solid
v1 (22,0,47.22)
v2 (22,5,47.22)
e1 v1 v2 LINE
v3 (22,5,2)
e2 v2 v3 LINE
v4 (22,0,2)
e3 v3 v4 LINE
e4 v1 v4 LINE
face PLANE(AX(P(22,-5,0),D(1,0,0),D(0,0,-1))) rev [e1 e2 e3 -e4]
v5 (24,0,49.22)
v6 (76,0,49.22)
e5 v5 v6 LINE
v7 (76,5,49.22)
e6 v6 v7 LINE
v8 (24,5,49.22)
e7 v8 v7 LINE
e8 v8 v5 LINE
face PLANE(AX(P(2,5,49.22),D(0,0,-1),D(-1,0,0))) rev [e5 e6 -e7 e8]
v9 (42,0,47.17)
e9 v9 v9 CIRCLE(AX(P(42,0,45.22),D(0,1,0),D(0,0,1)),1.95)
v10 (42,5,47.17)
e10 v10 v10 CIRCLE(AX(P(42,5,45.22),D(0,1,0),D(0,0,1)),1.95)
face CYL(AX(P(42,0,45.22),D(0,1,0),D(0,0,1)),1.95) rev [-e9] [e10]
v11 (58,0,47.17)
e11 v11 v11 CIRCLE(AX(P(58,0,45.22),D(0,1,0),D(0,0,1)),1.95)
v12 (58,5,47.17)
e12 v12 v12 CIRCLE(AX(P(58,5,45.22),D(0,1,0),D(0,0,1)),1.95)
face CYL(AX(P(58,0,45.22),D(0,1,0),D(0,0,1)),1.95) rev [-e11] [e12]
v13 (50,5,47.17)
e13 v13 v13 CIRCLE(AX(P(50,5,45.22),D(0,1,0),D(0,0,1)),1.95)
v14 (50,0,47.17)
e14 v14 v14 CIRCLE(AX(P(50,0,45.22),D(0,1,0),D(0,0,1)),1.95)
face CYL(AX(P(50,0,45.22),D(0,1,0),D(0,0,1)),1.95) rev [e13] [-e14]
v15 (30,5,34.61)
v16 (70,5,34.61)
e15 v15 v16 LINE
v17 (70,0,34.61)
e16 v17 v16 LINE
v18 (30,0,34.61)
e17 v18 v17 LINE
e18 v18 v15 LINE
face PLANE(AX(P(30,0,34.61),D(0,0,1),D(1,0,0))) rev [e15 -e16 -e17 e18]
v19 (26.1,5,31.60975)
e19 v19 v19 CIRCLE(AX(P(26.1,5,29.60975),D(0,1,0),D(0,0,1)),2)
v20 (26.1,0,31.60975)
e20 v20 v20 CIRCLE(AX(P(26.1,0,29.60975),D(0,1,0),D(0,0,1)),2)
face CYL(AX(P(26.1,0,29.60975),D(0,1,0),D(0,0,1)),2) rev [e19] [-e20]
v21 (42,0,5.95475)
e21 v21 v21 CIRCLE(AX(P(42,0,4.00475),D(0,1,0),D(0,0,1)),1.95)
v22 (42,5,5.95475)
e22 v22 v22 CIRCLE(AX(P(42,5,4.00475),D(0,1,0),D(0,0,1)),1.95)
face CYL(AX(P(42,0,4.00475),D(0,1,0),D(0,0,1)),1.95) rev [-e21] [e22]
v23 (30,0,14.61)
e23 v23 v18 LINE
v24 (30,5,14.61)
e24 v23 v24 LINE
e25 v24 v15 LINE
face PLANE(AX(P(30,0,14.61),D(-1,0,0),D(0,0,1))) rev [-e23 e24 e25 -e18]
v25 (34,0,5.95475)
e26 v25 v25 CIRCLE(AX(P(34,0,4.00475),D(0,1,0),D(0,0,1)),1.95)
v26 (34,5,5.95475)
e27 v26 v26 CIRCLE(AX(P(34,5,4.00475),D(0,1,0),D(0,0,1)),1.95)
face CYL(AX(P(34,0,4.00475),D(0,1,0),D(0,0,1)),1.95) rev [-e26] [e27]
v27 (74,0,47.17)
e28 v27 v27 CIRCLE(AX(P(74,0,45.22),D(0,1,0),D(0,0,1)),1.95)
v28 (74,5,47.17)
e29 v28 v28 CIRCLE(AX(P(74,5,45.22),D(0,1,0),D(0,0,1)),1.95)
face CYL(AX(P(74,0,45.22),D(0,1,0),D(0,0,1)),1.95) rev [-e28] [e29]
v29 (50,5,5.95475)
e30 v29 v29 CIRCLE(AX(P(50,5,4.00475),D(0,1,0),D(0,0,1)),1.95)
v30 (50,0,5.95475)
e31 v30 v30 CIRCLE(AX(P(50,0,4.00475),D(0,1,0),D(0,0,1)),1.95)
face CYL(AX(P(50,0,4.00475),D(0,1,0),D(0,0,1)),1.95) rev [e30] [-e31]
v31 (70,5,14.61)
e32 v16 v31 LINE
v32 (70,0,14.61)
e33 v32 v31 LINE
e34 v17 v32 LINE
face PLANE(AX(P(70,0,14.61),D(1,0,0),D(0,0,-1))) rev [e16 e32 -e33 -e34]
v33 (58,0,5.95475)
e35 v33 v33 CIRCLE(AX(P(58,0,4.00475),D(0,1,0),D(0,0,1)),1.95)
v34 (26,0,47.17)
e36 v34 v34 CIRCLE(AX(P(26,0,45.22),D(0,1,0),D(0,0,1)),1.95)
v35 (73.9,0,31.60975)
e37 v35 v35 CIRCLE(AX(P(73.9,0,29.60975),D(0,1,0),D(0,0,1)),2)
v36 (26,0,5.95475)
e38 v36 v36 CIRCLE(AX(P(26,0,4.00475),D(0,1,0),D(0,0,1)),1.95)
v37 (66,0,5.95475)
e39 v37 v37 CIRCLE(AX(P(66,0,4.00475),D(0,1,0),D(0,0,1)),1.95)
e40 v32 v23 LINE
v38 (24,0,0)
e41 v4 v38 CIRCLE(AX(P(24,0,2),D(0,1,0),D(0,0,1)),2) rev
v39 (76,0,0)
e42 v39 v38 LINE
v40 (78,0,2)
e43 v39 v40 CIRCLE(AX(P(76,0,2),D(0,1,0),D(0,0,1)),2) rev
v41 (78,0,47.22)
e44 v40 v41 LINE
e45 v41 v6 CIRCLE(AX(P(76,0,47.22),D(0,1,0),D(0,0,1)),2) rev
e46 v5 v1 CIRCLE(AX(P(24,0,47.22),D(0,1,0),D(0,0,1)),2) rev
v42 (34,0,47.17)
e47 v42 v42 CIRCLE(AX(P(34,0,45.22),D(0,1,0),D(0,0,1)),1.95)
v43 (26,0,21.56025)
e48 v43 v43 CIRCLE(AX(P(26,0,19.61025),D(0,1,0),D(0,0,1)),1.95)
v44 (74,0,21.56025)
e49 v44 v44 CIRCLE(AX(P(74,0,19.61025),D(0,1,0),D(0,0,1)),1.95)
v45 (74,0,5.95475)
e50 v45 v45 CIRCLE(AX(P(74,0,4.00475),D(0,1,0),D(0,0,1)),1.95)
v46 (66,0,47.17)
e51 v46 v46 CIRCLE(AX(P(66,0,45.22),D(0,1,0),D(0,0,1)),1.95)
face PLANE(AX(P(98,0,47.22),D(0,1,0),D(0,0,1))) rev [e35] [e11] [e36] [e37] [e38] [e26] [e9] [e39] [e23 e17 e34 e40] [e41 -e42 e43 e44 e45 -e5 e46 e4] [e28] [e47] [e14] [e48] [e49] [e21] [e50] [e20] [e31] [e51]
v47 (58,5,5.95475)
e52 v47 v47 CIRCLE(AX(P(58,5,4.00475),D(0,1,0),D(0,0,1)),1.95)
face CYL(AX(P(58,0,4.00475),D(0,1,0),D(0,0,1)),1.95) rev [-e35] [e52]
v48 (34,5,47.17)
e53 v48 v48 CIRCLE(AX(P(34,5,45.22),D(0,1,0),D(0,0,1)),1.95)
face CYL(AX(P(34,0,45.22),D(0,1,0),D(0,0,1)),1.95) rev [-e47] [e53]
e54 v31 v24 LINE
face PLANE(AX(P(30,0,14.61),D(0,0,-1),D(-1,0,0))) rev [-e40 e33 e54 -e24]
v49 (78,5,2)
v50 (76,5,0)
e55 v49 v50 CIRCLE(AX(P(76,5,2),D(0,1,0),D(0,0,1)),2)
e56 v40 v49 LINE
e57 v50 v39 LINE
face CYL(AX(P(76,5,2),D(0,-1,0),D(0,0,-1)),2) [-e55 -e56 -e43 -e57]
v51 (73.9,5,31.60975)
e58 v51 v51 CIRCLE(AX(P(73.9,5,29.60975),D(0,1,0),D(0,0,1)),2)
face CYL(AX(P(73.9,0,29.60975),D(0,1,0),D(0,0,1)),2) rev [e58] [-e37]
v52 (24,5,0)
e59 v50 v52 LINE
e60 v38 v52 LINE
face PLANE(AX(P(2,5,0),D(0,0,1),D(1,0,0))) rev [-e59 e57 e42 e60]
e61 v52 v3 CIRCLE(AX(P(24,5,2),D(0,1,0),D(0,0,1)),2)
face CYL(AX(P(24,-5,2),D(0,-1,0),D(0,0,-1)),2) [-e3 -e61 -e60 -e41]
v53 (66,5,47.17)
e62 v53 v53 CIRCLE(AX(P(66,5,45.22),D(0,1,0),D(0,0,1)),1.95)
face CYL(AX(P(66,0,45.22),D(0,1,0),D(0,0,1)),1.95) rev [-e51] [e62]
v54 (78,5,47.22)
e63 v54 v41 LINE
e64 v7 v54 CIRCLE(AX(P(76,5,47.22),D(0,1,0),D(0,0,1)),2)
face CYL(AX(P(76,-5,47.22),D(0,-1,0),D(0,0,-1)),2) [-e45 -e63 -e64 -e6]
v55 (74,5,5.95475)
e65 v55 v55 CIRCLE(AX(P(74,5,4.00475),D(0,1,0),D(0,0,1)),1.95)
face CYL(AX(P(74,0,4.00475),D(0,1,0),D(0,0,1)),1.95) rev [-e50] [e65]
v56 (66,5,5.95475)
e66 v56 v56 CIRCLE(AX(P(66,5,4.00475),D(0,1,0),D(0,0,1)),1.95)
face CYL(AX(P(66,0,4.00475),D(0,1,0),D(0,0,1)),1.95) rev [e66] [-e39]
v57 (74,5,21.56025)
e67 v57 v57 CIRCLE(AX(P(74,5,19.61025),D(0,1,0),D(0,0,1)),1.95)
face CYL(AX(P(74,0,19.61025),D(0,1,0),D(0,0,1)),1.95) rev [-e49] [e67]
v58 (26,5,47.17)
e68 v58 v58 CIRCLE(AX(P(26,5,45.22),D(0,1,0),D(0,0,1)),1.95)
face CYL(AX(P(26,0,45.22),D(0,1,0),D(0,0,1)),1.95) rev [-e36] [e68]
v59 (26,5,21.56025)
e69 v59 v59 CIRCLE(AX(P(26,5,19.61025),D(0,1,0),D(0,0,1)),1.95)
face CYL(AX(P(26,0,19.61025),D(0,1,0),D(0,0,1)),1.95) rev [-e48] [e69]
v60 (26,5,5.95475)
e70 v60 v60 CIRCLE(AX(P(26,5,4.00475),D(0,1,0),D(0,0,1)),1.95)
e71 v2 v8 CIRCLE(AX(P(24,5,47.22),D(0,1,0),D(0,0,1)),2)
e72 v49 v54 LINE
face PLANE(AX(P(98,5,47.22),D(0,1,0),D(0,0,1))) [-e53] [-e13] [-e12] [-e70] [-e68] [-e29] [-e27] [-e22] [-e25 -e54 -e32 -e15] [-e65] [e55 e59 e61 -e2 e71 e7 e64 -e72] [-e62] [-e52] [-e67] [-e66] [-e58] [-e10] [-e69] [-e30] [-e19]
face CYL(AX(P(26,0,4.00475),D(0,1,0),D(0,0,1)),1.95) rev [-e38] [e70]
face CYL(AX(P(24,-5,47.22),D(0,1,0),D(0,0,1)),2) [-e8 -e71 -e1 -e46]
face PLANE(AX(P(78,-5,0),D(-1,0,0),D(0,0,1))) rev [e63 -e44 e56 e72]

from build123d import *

# Parameters (mm, degrees)
BOSS_EXTRUDE1_DEPTH = 5
SKETCH2_R           = 1.95
SKETCH2_W           = 40
SKETCH2_H           = 20
CUT_EXTRUDE1_DEPTH  = 6
SKETCH4_W           = 22
SKETCH4_H           = 49.22
CUT_EXTRUDE2_DEPTH  = 10
FILLET1_R           = 2
FILLET2_R           = 2
FILLET3_R           = 2
FILLET4_R           = 2
SKETCH5_R           = 1.95
SKETCH5_R_2         = 2
CUT_EXTRUDE3_DEPTH  = 6


with BuildPart() as part:
    # Sketch1 → Boss-Extrude1 (new body)
    with BuildSketch(Plane(origin=(0, 0, 0), x_dir=(1, 0, 0), z_dir=(0, 1, 0))):
        with BuildLine():
            Line((2, 0), (98, 0))
            ThreePointArc((98, 0), (99.414213562, -0.585786438), (100, -2))
            Line((100, -2), (100, -47.22))
            ThreePointArc((100, -47.22), (99.414213562, -48.634213562), (98, -49.22))
            Line((98, -49.22), (2, -49.22))
            ThreePointArc((2, -49.22), (0.585786438, -48.634213562), (0, -47.22))
            Line((0, -47.22), (0, -2))
            ThreePointArc((0, -2), (0.585786438, -0.585786438), (2, 0))
        make_face()
    extrude(amount=BOSS_EXTRUDE1_DEPTH)

    # Sketch2 → Cut-Extrude1 (cut, through all)
    with BuildSketch(Plane(origin=(0, 5, 0), x_dir=(1, 0, 0), z_dir=(0, 1, 0))):
        with Locations((90, -4.00475022)):
            Circle(SKETCH2_R)
        with Locations((82, -4.00475022)):
            Circle(SKETCH2_R)
        with Locations((18, -4.00475022)):
            Circle(SKETCH2_R)
        with Locations((26, -4.00475022)):
            Circle(SKETCH2_R)
        with Locations((34, -4.00475022)):
            Circle(SKETCH2_R)
        with Locations((42, -4.00475022)):
            Circle(SKETCH2_R)
        with Locations((50, -4.00475022)):
            Circle(SKETCH2_R)
        with Locations((58, -4.00475022)):
            Circle(SKETCH2_R)
        with Locations((66, -4.00475022)):
            Circle(SKETCH2_R)
        with Locations((74, -4.00475022)):
            Circle(SKETCH2_R)
        with Locations((90, -45.22)):
            Circle(SKETCH2_R)
        with Locations((82, -45.22)):
            Circle(SKETCH2_R)
        with Locations((18, -45.22)):
            Circle(SKETCH2_R)
        with Locations((26, -45.22)):
            Circle(SKETCH2_R)
        with Locations((34, -45.22)):
            Circle(SKETCH2_R)
        with Locations((42, -45.22)):
            Circle(SKETCH2_R)
        with Locations((50, -45.22)):
            Circle(SKETCH2_R)
        with Locations((58, -45.22)):
            Circle(SKETCH2_R)
        with Locations((66, -45.22)):
            Circle(SKETCH2_R)
        with Locations((74, -45.22)):
            Circle(SKETCH2_R)
        with Locations((50, -24.61)):
            Rectangle(SKETCH2_W, SKETCH2_H)
    extrude(amount=-CUT_EXTRUDE1_DEPTH, mode=Mode.SUBTRACT)

    # Sketch4 → Cut-Extrude2 (cut)
    with BuildSketch(Plane(origin=(0, 5, 0), x_dir=(1, 0, 0), z_dir=(0, 1, 0))):
        with Locations((89, -24.61)):
            Rectangle(SKETCH4_W, SKETCH4_H)
        with Locations((11, -24.61)):
            Rectangle(SKETCH4_W, SKETCH4_H)
    extrude(amount=-CUT_EXTRUDE2_DEPTH, mode=Mode.SUBTRACT)

    # Fillet1
    fillet1_edges = [part.edges().sort_by_distance(p)[0] for p in [
        (22, 2.5, 0),
    ]]
    fillet(fillet1_edges, radius=FILLET1_R)

    # Fillet2
    fillet2_edges = [part.edges().sort_by_distance(p)[0] for p in [
        (22, 2.5, 49.22),
    ]]
    fillet(fillet2_edges, radius=FILLET2_R)

    # Fillet3
    fillet3_edges = [part.edges().sort_by_distance(p)[0] for p in [
        (78, 2.5, 49.22),
    ]]
    fillet(fillet3_edges, radius=FILLET3_R)

    # Fillet4
    fillet4_edges = [part.edges().sort_by_distance(p)[0] for p in [
        (78, 2.5, 0),
    ]]
    fillet(fillet4_edges, radius=FILLET4_R)

    # Sketch5 → Cut-Extrude3 (cut, through all)
    with BuildSketch(Plane(origin=(0, 5, 0), x_dir=(1, 0, 0), z_dir=(0, 1, 0))):
        with Locations((74, -19.610250006)):
            Circle(SKETCH5_R)
        with Locations((73.9, -29.609749994)):
            Circle(SKETCH5_R_2)
        with Locations((26, -19.610250006)):
            Circle(SKETCH5_R)
        with Locations((26.1, -29.609749994)):
            Circle(SKETCH5_R_2)
    extrude(amount=-CUT_EXTRUDE3_DEPTH, mode=Mode.SUBTRACT)


solid = part.part
